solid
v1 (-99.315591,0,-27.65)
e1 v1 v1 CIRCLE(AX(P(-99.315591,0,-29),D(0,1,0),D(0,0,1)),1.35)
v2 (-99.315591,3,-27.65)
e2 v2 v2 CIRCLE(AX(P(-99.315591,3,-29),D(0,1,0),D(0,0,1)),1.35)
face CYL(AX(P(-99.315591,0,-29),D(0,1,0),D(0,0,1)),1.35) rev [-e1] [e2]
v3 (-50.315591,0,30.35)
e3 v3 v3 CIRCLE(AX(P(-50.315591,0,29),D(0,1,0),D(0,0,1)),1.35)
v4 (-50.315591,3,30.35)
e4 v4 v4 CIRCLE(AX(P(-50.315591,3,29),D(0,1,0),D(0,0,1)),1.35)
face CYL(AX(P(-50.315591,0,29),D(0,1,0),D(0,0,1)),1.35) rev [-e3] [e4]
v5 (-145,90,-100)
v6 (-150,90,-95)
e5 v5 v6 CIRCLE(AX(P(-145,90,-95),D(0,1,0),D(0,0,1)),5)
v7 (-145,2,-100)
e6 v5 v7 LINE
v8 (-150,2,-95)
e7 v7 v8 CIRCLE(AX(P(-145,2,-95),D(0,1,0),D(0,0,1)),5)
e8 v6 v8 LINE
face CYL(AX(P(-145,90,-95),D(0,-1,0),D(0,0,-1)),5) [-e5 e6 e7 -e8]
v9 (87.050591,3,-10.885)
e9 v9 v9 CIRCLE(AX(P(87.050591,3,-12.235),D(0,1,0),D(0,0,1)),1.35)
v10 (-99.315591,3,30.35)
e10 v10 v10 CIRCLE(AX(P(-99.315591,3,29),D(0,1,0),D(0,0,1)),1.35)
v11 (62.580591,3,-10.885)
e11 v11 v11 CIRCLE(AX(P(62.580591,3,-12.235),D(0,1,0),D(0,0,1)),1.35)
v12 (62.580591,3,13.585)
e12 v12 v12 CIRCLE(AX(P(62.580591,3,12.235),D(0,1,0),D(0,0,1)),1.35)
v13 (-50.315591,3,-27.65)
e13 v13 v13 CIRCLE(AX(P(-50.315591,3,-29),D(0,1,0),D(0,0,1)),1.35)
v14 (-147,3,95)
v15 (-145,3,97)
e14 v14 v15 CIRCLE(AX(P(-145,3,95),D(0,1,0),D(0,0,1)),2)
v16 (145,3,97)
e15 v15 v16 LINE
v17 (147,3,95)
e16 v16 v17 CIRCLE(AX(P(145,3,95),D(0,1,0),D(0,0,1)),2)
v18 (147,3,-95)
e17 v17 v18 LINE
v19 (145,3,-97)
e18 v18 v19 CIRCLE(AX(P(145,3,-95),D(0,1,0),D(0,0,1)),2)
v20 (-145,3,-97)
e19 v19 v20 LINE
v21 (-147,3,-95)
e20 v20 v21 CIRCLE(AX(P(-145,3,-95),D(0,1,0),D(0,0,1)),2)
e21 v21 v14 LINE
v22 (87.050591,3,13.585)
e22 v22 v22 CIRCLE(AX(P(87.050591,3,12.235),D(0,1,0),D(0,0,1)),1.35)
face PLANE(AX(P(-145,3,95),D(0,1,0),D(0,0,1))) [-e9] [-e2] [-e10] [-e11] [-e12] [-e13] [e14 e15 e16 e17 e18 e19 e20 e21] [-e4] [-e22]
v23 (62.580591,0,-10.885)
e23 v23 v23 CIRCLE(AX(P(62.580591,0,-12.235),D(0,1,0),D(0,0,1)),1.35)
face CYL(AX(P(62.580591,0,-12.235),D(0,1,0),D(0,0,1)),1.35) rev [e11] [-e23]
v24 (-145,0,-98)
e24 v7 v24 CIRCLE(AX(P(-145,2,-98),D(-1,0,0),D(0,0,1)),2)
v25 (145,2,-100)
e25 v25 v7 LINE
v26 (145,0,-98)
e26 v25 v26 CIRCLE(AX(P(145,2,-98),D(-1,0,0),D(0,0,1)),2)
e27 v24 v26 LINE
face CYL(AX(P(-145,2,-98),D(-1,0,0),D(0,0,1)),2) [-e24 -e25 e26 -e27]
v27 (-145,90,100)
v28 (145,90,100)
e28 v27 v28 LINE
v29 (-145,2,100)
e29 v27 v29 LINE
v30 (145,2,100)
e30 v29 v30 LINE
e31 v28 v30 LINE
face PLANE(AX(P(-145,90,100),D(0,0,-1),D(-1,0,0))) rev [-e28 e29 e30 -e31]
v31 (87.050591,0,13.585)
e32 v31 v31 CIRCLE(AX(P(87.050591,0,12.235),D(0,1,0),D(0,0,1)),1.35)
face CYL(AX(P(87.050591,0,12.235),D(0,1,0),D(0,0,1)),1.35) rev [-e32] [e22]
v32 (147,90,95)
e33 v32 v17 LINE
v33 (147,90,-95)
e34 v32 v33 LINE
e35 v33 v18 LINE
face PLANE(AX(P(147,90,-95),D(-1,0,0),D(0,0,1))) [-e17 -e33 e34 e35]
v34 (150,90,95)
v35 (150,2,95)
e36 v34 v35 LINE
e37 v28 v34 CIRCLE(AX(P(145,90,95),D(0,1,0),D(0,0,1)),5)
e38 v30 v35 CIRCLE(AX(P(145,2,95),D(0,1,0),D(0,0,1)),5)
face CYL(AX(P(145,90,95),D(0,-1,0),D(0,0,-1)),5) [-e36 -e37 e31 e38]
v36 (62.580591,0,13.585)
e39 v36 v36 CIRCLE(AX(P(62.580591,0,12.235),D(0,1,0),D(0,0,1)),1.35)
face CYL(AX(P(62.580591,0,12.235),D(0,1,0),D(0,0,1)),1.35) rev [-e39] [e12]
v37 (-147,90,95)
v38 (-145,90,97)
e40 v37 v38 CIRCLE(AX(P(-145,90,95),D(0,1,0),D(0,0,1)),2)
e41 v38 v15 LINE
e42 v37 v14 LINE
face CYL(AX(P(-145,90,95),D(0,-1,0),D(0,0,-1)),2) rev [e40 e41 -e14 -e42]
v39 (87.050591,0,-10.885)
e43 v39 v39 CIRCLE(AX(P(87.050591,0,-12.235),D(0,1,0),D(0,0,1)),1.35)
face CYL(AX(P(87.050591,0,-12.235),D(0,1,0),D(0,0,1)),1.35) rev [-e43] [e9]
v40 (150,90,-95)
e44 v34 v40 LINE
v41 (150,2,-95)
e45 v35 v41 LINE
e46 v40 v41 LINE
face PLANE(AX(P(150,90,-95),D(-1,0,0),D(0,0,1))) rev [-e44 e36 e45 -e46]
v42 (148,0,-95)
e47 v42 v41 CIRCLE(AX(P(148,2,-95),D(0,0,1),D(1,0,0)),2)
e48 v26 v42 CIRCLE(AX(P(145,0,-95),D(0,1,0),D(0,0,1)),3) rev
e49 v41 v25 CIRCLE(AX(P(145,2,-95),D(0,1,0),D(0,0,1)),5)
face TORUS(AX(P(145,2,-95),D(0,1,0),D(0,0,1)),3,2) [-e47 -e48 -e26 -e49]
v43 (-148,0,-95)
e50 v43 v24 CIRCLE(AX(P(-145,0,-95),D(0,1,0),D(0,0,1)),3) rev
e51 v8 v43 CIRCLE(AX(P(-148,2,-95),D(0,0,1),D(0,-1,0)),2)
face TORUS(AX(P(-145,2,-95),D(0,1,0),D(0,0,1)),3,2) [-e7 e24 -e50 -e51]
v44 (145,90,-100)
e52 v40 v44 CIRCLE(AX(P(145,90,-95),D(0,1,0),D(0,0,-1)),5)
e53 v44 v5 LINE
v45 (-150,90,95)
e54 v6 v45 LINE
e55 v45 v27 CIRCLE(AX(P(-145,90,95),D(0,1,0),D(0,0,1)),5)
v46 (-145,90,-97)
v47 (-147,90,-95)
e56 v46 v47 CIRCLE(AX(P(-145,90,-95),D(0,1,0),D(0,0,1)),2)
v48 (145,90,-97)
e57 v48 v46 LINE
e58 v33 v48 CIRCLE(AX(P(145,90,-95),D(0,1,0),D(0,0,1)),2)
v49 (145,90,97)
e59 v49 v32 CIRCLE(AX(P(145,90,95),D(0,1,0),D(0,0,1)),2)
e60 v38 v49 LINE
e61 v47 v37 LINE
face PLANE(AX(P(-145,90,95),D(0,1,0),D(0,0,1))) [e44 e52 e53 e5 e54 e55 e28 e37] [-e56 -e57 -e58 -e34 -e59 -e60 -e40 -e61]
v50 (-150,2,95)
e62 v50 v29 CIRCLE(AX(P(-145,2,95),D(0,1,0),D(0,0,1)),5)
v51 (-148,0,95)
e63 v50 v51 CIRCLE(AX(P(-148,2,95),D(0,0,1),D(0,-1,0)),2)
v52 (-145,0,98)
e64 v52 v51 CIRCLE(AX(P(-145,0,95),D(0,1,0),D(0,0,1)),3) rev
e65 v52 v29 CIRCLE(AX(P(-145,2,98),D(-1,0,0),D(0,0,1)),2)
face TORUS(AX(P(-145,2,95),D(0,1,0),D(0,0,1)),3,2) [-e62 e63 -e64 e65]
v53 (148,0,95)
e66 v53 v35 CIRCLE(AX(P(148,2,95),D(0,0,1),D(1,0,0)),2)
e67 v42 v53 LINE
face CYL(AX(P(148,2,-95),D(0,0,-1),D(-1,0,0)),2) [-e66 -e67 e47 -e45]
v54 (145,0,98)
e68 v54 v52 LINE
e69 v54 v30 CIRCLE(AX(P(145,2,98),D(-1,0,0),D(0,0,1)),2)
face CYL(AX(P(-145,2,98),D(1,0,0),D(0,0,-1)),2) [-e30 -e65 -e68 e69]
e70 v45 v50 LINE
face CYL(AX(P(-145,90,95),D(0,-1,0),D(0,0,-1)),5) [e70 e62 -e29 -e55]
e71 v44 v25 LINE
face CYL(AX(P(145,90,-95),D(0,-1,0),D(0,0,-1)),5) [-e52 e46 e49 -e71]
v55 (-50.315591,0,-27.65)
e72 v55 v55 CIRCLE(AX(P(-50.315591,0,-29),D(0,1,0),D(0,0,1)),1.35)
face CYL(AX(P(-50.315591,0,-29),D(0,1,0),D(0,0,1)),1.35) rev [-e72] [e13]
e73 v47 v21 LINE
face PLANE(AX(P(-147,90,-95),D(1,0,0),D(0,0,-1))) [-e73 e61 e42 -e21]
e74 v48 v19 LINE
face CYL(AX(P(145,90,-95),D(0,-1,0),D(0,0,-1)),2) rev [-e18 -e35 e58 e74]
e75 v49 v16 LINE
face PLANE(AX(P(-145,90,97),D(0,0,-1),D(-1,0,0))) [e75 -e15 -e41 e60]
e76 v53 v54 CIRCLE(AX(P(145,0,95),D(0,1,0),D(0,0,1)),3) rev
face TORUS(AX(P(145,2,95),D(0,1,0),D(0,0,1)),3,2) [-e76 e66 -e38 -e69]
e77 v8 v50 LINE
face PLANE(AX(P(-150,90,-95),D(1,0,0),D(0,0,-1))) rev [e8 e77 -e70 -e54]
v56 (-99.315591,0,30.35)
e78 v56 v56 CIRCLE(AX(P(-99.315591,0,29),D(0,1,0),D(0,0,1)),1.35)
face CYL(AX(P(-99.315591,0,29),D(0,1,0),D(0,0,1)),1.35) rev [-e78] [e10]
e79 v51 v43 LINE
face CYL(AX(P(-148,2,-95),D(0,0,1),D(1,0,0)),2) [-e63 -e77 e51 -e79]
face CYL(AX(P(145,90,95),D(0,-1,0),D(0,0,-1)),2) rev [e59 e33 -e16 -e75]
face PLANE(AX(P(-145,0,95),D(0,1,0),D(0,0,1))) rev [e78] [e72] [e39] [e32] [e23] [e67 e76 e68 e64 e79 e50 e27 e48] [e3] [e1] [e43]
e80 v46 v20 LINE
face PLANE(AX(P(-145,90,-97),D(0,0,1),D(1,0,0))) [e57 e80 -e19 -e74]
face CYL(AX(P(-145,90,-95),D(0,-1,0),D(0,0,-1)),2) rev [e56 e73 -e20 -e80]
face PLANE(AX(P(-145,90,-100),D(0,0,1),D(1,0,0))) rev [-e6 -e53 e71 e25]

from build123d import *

# Parameters (mm, degrees)
BOSS_EXTRUDE1_DEPTH = 90
SHELL1_T            = -3
FILLET1_R           = 2
SKETCH3_R           = 1.35
CUT_EXTRUDE1_DEPTH  = 3


with BuildPart() as part:
    # Sketch2 → Boss-Extrude1 (new body)
    with BuildSketch(Plane(origin=(0, 0, 0), x_dir=(1, 0, 0), z_dir=(0, 1, 0))):
        with BuildLine():
            Line((-145, 100), (145, 100))
            ThreePointArc((145, 100), (148.535533906, 98.535533906), (150, 95))
            Line((150, 95), (150, -95))
            ThreePointArc((150, -95), (148.535533906, -98.535533906), (145, -100))
            Line((145, -100), (-145, -100))
            ThreePointArc((-145, -100), (-148.535533906, -98.535533906), (-150, -95))
            Line((-150, -95), (-150, 95))
            ThreePointArc((-150, 95), (-148.535533906, 98.535533906), (-145, 100))
        make_face()
    extrude(amount=BOSS_EXTRUDE1_DEPTH)

    # Shell1
    shell1_openings = [part.faces().sort_by_distance(p)[0] for p in [
        (0, 90, 0),
    ]]
    offset(amount=SHELL1_T, openings=shell1_openings, kind=Kind.INTERSECTION)

    # Fillet1
    fillet1_edges = [part.edges().sort_by_distance(p)[0] for p in [
        (150, 0, 0),
        (148.535533906, 0, 98.535533906),
        (0, 0, 100),
        (-148.535533906, 0, 98.535533906),
        (-150, 0, 0),
        (-148.535533906, 0, -98.535533906),
        (0, 0, -100),
        (148.535533906, 0, -98.535533906),
    ]]
    fillet(fillet1_edges, radius=FILLET1_R)

    # Sketch3 → Cut-Extrude1 (cut)
    with BuildSketch(Plane(origin=(0, 3, 0), x_dir=(1, 0, 0), z_dir=(0, 1, 0))):
        with Locations(Location((-99.315591438, -29, 0), (0, 0, 270))):
            Circle(SKETCH3_R)
        with Locations(Location((-50.315591438, -29, 0), (0, 0, 270))):
            Circle(SKETCH3_R)
        with Locations(Location((-50.315591438, 29, 0), (0, 0, 270))):
            Circle(SKETCH3_R)
        with Locations(Location((-99.315591438, 29, 0), (0, 0, 270))):
            Circle(SKETCH3_R)
        with Locations(Location((87.050591438, -12.235, 0), (0, 0, 270))):
            Circle(SKETCH3_R)
        with Locations(Location((87.050591438, 12.235, 0), (0, 0, 270))):
            Circle(SKETCH3_R)
        with Locations(Location((62.580591438, 12.235, 0), (0, 0, 270))):
            Circle(SKETCH3_R)
        with Locations(Location((62.580591438, -12.235, 0), (0, 0, 270))):
            Circle(SKETCH3_R)
    extrude(amount=-CUT_EXTRUDE1_DEPTH, mode=Mode.SUBTRACT)


solid = part.part
